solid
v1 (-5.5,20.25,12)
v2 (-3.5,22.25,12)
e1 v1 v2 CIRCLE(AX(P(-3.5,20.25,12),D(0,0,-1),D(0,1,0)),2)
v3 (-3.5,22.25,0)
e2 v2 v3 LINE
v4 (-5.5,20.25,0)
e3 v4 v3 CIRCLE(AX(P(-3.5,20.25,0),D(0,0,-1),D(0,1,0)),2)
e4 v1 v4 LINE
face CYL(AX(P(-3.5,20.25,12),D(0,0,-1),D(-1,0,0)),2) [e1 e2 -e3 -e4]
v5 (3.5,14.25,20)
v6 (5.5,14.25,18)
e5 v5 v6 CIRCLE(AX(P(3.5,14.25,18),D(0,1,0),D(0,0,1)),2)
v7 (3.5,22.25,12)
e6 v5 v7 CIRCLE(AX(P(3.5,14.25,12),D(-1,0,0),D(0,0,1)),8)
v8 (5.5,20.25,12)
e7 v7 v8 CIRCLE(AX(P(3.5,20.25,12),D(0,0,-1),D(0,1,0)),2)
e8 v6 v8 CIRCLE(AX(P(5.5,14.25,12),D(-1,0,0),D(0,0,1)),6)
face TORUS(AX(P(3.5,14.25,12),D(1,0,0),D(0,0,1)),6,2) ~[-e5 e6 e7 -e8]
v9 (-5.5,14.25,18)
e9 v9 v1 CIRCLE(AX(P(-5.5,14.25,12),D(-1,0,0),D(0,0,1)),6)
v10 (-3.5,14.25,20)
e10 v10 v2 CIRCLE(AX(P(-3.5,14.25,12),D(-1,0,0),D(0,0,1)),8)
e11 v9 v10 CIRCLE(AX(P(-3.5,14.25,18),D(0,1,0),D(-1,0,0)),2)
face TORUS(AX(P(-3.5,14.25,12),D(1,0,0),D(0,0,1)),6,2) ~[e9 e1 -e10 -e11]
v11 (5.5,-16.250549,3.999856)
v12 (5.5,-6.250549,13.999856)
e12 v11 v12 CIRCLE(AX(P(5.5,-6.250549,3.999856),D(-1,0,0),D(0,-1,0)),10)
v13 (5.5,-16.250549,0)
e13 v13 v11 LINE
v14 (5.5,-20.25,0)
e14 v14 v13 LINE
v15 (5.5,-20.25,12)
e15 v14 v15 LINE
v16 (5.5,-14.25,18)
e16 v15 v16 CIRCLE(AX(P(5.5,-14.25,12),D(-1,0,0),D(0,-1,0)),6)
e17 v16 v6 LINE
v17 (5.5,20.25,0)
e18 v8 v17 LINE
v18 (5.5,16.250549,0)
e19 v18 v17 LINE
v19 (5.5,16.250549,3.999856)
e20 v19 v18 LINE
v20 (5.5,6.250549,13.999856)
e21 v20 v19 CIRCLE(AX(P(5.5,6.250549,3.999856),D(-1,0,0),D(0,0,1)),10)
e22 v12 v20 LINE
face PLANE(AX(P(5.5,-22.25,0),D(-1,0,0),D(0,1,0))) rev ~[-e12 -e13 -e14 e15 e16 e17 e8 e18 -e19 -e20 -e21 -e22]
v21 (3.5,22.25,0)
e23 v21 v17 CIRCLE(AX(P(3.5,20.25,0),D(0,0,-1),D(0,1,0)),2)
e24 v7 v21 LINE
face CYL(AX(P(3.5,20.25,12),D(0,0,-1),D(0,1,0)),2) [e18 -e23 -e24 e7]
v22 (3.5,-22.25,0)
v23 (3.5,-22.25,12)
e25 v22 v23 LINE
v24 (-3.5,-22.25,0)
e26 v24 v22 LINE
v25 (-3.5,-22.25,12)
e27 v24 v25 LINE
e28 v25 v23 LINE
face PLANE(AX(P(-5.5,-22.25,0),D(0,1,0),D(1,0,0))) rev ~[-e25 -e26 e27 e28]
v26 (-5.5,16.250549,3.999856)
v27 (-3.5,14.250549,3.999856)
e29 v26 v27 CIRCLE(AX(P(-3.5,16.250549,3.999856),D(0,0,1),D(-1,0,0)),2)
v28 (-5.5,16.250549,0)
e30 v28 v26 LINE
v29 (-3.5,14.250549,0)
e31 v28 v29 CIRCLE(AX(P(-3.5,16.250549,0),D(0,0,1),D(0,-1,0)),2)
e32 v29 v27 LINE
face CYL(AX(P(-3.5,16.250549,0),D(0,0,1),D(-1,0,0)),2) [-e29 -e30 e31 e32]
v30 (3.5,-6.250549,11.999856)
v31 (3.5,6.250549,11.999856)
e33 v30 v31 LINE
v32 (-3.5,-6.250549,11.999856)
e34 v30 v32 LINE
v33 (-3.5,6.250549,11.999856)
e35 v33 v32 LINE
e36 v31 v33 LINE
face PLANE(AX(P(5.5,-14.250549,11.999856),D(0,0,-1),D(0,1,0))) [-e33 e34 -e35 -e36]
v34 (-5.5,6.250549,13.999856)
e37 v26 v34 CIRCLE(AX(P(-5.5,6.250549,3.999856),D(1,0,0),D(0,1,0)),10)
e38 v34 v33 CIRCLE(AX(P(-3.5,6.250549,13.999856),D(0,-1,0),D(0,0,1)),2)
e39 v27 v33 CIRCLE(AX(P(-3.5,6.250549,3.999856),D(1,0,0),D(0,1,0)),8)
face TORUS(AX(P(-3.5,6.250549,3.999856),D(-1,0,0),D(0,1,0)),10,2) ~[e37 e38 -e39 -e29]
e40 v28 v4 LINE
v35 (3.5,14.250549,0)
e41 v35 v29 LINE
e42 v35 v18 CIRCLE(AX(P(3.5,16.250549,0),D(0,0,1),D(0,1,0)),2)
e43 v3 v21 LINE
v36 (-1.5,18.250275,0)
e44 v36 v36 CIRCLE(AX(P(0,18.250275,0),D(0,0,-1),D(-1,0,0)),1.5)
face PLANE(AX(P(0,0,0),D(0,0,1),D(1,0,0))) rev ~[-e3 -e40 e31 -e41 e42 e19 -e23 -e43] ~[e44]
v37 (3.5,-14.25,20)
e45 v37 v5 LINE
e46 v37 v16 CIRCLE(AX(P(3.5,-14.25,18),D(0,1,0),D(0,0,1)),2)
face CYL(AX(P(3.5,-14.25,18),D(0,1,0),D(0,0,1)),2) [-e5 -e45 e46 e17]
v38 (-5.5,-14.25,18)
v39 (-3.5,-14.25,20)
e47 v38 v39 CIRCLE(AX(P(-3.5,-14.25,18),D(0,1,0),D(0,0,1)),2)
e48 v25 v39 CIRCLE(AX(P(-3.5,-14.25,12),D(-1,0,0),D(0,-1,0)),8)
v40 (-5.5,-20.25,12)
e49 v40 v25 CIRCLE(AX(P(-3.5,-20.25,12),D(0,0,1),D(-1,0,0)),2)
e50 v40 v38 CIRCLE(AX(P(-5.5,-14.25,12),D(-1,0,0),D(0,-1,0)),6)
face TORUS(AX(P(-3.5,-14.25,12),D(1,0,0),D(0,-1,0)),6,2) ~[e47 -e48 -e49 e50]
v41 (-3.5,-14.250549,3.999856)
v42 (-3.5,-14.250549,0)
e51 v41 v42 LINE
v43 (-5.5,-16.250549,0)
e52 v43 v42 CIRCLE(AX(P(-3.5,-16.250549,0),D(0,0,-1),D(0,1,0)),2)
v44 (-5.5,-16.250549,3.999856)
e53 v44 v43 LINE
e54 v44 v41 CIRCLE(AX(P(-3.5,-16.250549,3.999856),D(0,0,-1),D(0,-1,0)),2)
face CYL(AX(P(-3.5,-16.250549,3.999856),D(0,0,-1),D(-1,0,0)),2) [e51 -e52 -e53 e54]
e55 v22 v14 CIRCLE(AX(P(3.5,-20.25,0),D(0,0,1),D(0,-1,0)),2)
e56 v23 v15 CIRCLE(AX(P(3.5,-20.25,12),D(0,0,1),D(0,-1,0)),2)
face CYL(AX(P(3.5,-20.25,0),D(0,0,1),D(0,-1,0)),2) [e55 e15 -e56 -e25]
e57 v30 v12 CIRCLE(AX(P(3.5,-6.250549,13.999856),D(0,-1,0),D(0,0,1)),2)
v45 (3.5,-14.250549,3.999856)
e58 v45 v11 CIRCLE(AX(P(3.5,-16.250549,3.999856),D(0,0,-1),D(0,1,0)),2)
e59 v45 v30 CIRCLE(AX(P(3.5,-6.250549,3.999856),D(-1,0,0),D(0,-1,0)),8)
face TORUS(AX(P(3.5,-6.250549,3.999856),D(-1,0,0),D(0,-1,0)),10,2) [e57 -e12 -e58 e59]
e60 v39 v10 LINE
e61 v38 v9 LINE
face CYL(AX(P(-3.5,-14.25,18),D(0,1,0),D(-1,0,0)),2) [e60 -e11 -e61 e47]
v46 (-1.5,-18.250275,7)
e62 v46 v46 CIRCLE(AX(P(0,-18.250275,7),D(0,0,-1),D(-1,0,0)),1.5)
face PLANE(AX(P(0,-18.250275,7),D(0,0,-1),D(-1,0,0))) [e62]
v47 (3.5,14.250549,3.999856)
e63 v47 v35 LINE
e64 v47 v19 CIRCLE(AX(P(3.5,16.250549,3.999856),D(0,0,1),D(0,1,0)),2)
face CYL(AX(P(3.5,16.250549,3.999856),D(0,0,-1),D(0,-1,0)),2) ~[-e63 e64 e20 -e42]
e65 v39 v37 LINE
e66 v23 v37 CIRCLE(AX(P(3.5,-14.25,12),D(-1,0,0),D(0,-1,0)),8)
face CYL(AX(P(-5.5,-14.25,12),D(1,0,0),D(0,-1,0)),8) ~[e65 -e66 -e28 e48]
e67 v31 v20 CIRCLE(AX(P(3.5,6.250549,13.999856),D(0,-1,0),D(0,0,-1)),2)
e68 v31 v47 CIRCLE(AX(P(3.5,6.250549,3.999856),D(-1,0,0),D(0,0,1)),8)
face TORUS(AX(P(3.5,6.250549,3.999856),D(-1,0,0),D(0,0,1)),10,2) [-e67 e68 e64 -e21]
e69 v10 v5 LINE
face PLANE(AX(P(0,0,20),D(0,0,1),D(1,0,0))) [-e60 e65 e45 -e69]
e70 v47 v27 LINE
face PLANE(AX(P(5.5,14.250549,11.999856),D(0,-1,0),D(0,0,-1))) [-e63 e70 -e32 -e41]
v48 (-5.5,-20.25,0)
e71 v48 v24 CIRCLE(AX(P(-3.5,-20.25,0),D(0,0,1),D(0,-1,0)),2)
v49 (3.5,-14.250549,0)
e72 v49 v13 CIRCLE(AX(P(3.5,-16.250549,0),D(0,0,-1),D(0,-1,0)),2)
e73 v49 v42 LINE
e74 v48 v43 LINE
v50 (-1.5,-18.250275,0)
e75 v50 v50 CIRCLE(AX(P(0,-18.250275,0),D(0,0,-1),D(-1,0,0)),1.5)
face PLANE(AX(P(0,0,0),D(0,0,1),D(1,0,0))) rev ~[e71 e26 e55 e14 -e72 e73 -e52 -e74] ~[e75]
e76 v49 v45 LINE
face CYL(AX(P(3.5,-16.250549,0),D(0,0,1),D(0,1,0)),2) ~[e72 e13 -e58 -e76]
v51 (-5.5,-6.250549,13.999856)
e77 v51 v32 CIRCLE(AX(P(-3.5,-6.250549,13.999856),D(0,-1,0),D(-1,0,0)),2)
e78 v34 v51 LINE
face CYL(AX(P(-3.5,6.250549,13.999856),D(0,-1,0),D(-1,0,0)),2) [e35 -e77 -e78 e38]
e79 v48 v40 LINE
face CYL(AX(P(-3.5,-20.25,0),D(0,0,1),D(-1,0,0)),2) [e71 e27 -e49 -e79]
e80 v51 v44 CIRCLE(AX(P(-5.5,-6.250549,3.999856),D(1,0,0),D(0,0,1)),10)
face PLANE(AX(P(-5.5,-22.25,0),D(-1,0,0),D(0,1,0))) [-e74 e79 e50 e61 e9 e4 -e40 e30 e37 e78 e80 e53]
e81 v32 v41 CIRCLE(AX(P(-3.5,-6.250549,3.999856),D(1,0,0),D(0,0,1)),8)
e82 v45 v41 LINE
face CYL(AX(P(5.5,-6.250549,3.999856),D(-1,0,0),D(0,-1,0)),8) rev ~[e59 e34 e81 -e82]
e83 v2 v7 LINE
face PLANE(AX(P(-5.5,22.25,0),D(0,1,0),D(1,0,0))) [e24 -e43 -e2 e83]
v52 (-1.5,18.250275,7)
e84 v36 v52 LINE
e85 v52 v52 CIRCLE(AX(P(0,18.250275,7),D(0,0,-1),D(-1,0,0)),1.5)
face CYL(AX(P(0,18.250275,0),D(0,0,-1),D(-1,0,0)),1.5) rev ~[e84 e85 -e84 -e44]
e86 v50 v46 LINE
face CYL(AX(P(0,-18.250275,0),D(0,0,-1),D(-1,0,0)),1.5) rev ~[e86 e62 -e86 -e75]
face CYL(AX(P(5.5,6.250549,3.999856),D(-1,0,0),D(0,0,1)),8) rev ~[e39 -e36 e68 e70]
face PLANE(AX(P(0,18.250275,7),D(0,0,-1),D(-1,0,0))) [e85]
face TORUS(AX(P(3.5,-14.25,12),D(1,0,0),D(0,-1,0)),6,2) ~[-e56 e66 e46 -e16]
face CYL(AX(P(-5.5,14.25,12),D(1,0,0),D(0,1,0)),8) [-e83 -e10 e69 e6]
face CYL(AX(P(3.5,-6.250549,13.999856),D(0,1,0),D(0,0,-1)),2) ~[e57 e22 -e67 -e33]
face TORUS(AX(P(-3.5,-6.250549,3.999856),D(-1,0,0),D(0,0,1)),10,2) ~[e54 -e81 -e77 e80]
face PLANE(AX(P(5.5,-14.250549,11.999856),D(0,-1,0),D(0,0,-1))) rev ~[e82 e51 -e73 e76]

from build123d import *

# Parameters (mm, degrees)
ESQUISSE1_W             = 11
ESQUISSE1_H             = 44.5
BOSS_EXTRU_1_DEPTH      = 20
CONG_1_R                = 8
ESQUISSE2_W             = 11.999855804
ESQUISSE2_H             = 28.501098838
ENL_V_MAT_EXTRU_1_DEPTH = 20
CONG_2_R                = 8
ESQUISSE3_R             = 1.5
ENL_V_MAT_EXTRU_2_DEPTH = 7
CONG_3_R                = 2


with BuildPart() as part:
    # Esquisse1 → Boss.-Extru.1 (new body)
    with BuildSketch(Plane.XY):
        Rectangle(ESQUISSE1_W, ESQUISSE1_H)
    extrude(amount=BOSS_EXTRU_1_DEPTH)

    # Congé1
    cong_1_edges = [part.edges().sort_by_distance(p)[0] for p in [
        (0, -22.25, 20),
        (0, 22.25, 20),
    ]]
    fillet(cong_1_edges, radius=CONG_1_R)

    # Esquisse2 → Enlèv. mat.-Extru.1 (cut)
    with BuildSketch(Plane(origin=(5.5, 0, 0), x_dir=(0, 0, -1), z_dir=(1, 0, 0))):
        with Locations((-5.999927902, 0)):
            Rectangle(ESQUISSE2_W, ESQUISSE2_H)
    extrude(amount=-ENL_V_MAT_EXTRU_1_DEPTH, mode=Mode.SUBTRACT)

    # Congé2
    cong_2_edges = [part.edges().sort_by_distance(p)[0] for p in [
        (0, -14.250549419, 11.999855804),
        (0, 14.250549419, 11.999855804),
    ]]
    fillet(cong_2_edges, radius=CONG_2_R)

    # Esquisse3 → Enlèv. mat.-Extru.2 (cut)
    with BuildSketch(Plane(origin=(0, 0, 0), x_dir=(-1, 0, 0), z_dir=(0, 0, -1))):
        with Locations((0, 18.25027471)):
            Circle(ESQUISSE3_R)
        with Locations((0, -18.25027471)):
            Circle(ESQUISSE3_R)
    extrude(amount=-ENL_V_MAT_EXTRU_2_DEPTH, mode=Mode.SUBTRACT)

    # Congé3
    cong_3_edges = [part.edges().sort_by_distance(p)[0] for p in [
        (5.5, 0, 20),
        (-5.5, 0, 20),
        (5.5, 22.25, 6),
        (5.5, -22.25, 6),
        (5.5, 19.906854249, 17.656854249),
        (5.5, -19.906854249, 17.656854249),
        (-5.5, -22.25, 6),
        (-5.5, 22.25, 6),
        (-5.5, 19.906854249, 17.656854249),
        (-5.5, -19.906854249, 17.656854249),
        (-5.5, 14.250549419, 1.999927902),
        (5.5, 14.250549419, 1.999927902),
        (5.5, -14.250549419, 1.999927902),
        (-5.5, -14.250549419, 1.999927902),
        (5.5, 0, 11.999855804),
        (-5.5, 0, 11.999855804),
        (5.5, -11.907403669, 9.656710053),
        (-5.5, -11.907403669, 9.656710053),
        (5.5, 11.907403669, 9.656710053),
        (-5.5, 11.907403669, 9.656710053),
    ]]
    fillet(cong_3_edges, radius=CONG_3_R)


solid = part.part
